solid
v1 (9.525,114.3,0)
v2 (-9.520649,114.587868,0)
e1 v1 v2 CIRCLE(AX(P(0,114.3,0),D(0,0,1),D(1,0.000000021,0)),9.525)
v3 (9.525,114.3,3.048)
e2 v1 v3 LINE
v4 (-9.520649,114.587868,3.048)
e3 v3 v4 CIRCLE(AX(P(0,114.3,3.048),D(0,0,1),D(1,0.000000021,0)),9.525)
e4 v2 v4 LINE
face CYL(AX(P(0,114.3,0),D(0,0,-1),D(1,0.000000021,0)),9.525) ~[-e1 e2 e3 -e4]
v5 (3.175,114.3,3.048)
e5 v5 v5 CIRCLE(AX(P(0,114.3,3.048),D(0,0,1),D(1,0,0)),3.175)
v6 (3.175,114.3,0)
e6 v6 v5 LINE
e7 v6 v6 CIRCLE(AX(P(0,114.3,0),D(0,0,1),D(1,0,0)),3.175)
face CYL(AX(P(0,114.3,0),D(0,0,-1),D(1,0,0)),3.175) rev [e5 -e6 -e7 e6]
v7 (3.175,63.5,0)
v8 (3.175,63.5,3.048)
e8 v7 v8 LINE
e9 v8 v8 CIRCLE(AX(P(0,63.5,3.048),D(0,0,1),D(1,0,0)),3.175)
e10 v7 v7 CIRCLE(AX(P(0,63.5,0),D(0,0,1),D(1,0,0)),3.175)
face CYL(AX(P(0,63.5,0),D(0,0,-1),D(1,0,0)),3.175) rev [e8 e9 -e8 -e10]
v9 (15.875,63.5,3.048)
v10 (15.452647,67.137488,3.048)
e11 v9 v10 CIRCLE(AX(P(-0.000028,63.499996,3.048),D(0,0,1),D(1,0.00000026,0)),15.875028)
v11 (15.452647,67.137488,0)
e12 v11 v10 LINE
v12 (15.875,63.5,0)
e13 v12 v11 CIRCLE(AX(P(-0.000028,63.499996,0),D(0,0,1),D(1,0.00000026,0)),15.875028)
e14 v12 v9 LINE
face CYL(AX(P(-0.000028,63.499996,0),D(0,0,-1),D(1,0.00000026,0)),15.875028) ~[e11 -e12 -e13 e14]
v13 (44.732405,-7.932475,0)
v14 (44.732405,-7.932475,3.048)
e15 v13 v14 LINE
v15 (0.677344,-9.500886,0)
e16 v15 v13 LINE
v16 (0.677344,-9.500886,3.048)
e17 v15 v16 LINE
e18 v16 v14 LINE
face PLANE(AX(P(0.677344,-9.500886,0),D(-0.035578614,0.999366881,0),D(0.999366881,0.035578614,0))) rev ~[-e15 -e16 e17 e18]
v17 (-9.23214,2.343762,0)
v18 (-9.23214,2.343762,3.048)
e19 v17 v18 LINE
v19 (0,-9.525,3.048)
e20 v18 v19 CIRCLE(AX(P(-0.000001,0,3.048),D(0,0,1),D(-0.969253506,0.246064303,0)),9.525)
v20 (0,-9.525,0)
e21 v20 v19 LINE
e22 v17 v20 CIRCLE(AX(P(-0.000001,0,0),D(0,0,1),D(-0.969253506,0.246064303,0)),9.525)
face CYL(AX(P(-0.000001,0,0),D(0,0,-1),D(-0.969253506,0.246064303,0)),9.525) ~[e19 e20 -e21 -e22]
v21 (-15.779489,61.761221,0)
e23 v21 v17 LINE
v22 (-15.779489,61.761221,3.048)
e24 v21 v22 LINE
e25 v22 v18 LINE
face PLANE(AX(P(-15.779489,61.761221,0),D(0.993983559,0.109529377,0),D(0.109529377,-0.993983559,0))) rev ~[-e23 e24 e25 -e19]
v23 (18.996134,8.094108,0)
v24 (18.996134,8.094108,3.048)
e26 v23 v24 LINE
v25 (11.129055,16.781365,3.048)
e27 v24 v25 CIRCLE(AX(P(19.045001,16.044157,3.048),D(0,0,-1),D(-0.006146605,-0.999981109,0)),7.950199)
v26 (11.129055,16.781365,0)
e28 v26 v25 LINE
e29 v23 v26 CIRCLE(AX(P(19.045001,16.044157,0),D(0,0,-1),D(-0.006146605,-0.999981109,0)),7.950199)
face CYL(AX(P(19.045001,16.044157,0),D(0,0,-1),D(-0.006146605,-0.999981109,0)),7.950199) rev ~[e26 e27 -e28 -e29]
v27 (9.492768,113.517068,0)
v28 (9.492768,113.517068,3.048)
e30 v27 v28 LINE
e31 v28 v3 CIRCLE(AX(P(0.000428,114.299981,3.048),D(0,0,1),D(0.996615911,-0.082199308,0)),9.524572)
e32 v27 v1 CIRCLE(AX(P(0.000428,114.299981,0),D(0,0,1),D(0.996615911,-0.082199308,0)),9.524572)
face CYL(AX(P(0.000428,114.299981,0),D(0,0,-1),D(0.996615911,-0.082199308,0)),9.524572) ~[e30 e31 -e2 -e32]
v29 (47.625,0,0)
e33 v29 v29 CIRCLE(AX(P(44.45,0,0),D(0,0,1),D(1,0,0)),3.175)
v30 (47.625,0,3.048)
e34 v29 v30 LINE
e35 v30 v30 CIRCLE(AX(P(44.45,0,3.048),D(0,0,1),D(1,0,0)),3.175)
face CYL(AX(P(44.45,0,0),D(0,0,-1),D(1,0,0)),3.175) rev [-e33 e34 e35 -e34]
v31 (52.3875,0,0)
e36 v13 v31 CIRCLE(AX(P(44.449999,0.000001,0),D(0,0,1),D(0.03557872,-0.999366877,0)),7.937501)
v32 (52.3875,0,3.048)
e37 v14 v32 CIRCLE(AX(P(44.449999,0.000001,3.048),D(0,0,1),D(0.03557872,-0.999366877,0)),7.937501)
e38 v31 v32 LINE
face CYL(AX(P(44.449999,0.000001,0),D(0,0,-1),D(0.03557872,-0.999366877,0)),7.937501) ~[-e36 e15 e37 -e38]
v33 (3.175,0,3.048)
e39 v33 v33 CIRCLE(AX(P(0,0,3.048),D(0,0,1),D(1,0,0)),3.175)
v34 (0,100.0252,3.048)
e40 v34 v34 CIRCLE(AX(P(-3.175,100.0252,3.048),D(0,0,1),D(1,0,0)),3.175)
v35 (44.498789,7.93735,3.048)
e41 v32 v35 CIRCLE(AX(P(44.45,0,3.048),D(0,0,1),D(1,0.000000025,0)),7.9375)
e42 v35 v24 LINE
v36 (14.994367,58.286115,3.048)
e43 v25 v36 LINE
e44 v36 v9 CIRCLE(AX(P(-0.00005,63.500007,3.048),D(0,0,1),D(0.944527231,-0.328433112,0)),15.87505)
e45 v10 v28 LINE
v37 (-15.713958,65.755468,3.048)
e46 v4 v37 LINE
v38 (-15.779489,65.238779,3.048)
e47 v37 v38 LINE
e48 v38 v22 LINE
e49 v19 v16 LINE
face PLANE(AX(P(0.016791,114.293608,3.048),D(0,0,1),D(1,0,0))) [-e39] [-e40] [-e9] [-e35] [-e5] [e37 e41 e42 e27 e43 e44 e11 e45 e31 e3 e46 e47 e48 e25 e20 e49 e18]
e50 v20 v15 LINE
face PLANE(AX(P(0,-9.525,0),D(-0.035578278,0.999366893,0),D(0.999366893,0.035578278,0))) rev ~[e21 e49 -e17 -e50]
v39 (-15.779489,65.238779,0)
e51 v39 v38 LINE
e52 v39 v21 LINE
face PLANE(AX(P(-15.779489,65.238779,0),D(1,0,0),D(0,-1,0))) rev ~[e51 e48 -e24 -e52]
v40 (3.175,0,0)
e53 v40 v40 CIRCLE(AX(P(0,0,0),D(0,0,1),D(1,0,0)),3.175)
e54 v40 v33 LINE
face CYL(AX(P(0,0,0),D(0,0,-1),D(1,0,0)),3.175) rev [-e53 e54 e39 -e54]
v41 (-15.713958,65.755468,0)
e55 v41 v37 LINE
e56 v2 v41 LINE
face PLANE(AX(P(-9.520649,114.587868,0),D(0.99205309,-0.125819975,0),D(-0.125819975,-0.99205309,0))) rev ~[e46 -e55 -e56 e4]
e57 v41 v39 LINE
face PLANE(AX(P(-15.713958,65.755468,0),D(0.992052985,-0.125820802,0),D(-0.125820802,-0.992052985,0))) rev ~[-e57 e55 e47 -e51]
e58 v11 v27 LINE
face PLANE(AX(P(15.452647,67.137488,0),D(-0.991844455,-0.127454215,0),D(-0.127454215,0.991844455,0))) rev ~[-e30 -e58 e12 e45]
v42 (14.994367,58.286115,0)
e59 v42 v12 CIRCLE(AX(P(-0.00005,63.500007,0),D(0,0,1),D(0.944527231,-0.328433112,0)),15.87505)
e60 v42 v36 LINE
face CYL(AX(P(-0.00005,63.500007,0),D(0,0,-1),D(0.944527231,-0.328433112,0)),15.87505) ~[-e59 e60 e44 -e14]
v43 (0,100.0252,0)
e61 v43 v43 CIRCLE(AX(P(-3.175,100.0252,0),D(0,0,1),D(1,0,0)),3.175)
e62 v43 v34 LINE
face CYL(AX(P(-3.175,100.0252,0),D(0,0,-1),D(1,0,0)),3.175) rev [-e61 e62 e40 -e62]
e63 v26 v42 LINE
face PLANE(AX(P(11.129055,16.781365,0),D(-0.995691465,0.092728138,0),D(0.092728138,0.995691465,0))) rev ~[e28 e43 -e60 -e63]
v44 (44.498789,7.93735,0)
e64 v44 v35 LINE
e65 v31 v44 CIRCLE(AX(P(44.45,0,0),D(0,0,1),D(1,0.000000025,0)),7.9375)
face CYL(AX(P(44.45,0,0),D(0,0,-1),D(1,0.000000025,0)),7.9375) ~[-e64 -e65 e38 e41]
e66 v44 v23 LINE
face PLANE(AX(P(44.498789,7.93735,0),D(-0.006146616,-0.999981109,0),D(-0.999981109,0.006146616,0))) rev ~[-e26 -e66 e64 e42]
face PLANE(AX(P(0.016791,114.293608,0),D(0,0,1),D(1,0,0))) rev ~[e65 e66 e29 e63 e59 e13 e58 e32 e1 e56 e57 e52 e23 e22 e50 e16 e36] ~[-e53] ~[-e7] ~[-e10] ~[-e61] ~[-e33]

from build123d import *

# Parameters (mm, degrees)
F0_R     = 3.175
F1_DEPTH = 3.048


with BuildPart() as f1:
    # F0 (on Top) → F1 (new body)
    with BuildSketch(Plane.XY):
        with BuildLine():
            ThreePointArc((9.525, 114.3), (0.14395, 123.823912), (-9.520649, 114.587868))
            ThreePointArc((-9.520649, 114.587868), (-0.535581, 104.79007), (9.492768, 113.517068))
            ThreePointArc((9.492768, 113.517068), (9.516939, 113.908203), (9.525, 114.3))
        make_face()
        with Locations((0, 114.3)):
            Circle(F0_R, mode=Mode.SUBTRACT)
        with BuildLine():
            Line((-9.520649, 114.587868), (-15.713958, 65.755468))
            ThreePointArc((-15.713958, 65.755468), (-0.703254, 79.359415), (15.452647, 67.137488))
            Line((15.452647, 67.137488), (9.492768, 113.517068))
            ThreePointArc((9.492768, 113.517068), (-0.535581, 104.79007), (-9.520649, 114.587868))
        make_face()
        with Locations((-3.175, 100.0252)):
            Circle(F0_R, mode=Mode.SUBTRACT)
        with BuildLine():
            Line((-15.779489, 65.238779), (-15.779489, 61.761221))
            ThreePointArc((-15.779489, 61.761221), (-1.781346, 47.72526), (14.994367, 58.286115))
            ThreePointArc((14.994367, 58.286115), (15.653293, 60.856134), (15.875, 63.5))
            ThreePointArc((15.875, 63.5), (15.769058, 65.330963), (15.452647, 67.137488))
            ThreePointArc((15.452647, 67.137488), (-0.703254, 79.359415), (-15.713958, 65.755468))
            Line((-15.713958, 65.755468), (-15.779489, 65.238779))
        make_face()
        with Locations((0, 63.5)):
            Circle(F0_R, mode=Mode.SUBTRACT)
        with BuildLine():
            ThreePointArc((-9.23214, 2.343762), (1.180994, 9.451501), (9.525, 0))
            ThreePointArc((9.525, 0), (6.970557, -6.491299), (0.677344, -9.500886))
            Line((0.677344, -9.500886), (44.732405, -7.932475))
            ThreePointArc((44.732405, -7.932475), (36.51336, -0.116834), (44.498789, 7.93735))
            Line((44.498789, 7.93735), (18.996134, 8.094108))
            ThreePointArc((18.996134, 8.094108), (13.152067, 10.707585), (11.129055, 16.781365))
            Line((11.129055, 16.781365), (14.994367, 58.286115))
            ThreePointArc((14.994367, 58.286115), (-1.781346, 47.72526), (-15.779489, 61.761221))
            Line((-15.779489, 61.761221), (-9.23214, 2.343762))
        make_face()
        with BuildLine():
            ThreePointArc((0.677344, -9.500886), (6.970557, -6.491299), (9.525, 0))
            ThreePointArc((9.525, 0), (1.180994, 9.451501), (-9.23214, 2.343762))
            ThreePointArc((-9.23214, 2.343762), (-7.51831, -5.848132), (0, -9.525))
            Line((0, -9.525), (0.677344, -9.500886))
        make_face()
        Circle(F0_R, mode=Mode.SUBTRACT)
        with BuildLine():
            ThreePointArc((44.498789, 7.93735), (36.51336, -0.116834), (44.732405, -7.932475))
            ThreePointArc((44.732405, -7.932475), (50.161633, -5.51191), (52.3875, 0))
            ThreePointArc((52.3875, 0), (50.079883, 5.595384), (44.498789, 7.93735))
        make_face()
        with Locations((44.45, 0)):
            Circle(F0_R, mode=Mode.SUBTRACT)
    extrude(amount=F1_DEPTH)


solid = f1.part
